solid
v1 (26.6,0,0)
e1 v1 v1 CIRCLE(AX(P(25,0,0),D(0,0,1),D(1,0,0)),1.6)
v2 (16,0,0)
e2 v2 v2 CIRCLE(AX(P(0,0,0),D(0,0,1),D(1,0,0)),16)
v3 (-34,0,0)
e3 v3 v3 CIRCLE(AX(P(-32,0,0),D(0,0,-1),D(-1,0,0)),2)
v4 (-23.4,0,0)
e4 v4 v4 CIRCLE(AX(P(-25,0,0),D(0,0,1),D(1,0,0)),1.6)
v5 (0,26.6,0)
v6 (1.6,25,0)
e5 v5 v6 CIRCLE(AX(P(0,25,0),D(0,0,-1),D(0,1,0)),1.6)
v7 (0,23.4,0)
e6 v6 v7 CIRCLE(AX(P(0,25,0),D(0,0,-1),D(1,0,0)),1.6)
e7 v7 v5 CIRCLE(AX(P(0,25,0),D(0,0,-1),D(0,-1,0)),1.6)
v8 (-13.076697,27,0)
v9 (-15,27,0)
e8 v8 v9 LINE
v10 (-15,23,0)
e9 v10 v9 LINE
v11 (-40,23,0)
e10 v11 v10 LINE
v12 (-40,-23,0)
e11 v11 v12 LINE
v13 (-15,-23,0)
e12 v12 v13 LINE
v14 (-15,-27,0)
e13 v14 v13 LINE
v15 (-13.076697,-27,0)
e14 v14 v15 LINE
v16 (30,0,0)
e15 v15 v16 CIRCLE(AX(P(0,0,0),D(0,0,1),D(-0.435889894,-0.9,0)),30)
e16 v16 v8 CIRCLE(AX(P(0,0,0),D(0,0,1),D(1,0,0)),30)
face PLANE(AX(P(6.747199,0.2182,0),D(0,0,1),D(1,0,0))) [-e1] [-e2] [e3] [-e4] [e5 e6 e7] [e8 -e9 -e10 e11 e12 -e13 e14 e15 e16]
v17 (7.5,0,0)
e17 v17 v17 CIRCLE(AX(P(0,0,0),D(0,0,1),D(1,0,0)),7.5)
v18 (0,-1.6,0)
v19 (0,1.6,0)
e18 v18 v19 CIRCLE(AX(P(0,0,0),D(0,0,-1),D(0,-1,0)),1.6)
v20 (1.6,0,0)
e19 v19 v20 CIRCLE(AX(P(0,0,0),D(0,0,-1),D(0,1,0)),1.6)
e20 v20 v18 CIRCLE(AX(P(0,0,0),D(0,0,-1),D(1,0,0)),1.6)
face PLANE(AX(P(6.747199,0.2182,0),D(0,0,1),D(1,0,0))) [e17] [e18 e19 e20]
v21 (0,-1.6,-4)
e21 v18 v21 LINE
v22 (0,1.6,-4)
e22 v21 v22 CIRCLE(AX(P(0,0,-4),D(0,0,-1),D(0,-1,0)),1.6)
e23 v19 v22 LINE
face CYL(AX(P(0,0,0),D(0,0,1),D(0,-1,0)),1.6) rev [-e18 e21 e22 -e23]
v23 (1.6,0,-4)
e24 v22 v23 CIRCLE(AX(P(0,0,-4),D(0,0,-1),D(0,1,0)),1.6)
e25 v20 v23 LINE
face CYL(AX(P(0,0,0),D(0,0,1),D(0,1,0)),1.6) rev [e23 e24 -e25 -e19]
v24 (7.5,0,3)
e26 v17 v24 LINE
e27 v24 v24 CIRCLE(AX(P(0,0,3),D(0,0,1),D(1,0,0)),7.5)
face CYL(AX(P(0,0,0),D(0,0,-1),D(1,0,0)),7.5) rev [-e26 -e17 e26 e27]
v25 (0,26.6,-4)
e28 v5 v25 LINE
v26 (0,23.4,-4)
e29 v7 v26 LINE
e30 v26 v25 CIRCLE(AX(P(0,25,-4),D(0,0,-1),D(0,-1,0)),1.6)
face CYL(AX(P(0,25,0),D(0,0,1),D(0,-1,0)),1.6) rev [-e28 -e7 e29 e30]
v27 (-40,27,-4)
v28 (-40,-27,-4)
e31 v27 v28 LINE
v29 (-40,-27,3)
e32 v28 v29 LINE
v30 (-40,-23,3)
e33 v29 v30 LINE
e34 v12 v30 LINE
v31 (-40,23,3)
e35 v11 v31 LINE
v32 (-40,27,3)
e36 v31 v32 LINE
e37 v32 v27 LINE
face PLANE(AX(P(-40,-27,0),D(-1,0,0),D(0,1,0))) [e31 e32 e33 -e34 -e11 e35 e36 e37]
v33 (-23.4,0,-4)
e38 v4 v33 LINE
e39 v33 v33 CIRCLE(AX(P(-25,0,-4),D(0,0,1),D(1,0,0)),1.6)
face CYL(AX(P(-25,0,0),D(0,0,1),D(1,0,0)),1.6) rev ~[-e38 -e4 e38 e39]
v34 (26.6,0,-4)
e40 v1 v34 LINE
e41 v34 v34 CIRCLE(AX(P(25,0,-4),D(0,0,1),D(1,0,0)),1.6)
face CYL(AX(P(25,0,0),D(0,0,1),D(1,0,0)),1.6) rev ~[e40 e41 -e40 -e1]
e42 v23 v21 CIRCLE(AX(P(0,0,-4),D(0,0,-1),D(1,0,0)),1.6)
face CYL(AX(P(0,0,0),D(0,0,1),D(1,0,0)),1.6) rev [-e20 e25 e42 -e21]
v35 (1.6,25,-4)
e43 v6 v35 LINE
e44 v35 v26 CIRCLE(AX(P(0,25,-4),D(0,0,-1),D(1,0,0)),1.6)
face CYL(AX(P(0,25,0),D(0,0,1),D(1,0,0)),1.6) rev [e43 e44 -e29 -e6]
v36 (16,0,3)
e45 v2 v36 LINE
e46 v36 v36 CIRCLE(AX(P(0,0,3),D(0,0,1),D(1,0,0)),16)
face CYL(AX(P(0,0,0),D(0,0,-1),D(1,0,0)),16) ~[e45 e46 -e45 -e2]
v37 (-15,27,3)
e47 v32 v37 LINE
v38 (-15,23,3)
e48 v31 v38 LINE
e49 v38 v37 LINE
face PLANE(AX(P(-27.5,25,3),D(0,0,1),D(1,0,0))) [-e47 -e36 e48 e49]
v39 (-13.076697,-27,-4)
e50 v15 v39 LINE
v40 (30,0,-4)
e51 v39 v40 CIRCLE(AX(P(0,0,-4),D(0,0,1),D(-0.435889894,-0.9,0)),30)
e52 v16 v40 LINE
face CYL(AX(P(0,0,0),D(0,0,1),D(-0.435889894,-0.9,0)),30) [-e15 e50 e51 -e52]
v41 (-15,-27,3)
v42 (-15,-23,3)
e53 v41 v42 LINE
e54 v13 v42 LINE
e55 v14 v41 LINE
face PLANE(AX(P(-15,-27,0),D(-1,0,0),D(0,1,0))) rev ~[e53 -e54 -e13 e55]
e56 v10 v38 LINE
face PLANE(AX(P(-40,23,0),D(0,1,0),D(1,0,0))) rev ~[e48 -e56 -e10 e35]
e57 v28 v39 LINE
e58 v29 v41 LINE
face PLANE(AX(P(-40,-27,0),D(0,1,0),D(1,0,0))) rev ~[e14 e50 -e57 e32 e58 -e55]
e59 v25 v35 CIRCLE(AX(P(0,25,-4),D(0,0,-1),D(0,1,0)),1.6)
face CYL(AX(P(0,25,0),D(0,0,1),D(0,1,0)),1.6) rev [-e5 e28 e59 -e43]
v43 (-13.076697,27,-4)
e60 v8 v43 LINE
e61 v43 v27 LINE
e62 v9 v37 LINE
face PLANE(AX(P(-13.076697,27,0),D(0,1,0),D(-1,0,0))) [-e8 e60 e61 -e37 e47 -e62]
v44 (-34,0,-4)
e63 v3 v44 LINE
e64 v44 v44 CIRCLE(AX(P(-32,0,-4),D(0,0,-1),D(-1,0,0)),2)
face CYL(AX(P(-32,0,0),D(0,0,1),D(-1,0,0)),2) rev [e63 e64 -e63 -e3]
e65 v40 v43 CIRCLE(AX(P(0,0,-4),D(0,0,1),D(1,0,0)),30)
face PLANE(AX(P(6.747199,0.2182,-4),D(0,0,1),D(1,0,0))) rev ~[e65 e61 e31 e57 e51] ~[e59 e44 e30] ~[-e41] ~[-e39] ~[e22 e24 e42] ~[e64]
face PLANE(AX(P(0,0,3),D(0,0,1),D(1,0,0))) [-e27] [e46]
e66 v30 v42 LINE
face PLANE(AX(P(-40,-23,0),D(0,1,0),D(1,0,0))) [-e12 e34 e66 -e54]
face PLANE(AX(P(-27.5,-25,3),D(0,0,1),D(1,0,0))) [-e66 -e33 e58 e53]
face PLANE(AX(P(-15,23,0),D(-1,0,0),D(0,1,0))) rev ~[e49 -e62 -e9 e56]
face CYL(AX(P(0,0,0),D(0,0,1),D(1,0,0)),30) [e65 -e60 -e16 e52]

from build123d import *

# Parameters (mm, degrees)
F0_R     = 1.6
F1_DEPTH = 4
F2_R     = 16
F2_R_2   = 7.5
F2_W     = 25
F2_H     = 4
F3_DEPTH = 3


with BuildPart() as f1:
    # F0 (on Top) → F1 (new body)
    with BuildSketch(Plane.XY):
        with BuildLine():
            ThreePointArc((0, 1.6), (1.1313708499, 1.1313708499), (1.6, 0))
            ThreePointArc((1.6, 0), (1.1313708499, -1.1313708499), (0, -1.6))
            Line((0, -1.6), (0, -27))
            Line((0, -27), (-13.0766968306, -27))
            ThreePointArc((-13.0766968306, -27), (15.9326566379, -25.4194896184), (30, 0))
            ThreePointArc((30, 0), (15.9326566379, 25.4194896184), (-13.0766968306, 27))
            Line((-13.0766968306, 27), (0, 27))
            Line((0, 27), (0, 26.6))
            ThreePointArc((0, 26.6), (1.1313708499, 26.1313708499), (1.6, 25))
            ThreePointArc((1.6, 25), (1.1313708499, 23.8686291501), (0, 23.4))
            Line((0, 23.4), (0, 1.6))
        make_face()
        with Locations((25, 0)):
            Circle(F0_R, mode=Mode.SUBTRACT)
        with BuildLine():
            ThreePointArc((0, -1.6), (-1.6, 0), (0, 1.6))
            Line((0, 1.6), (0, 23.4))
            ThreePointArc((0, 23.4), (-1.6, 25), (0, 26.6))
            Line((0, 26.6), (0, 27))
            Line((0, 27), (-13.0766968306, 27))
            ThreePointArc((-13.0766968306, 27), (-25.4194896184, 15.9326566379), (-30, 0))
            ThreePointArc((-30, 0), (-25.4194896184, -15.9326566379), (-13.0766968306, -27))
            Line((-13.0766968306, -27), (0, -27))
            Line((0, -27), (0, -1.6))
        make_face()
        with Locations((-25, 0)):
            Circle(F0_R, mode=Mode.SUBTRACT)
        with BuildLine():
            Line((-40, -27), (-13.0766968306, -27))
            ThreePointArc((-13.0766968306, -27), (-25.4194896184, -15.9326566379), (-30, 0))
            ThreePointArc((-30, 0), (-32, -2), (-34, 0))
            Line((-34, 0), (-40, 0))
            Line((-40, 0), (-40, -27))
        make_face()
        with BuildLine():
            ThreePointArc((-34, 0), (-32, 2), (-30, 0))
            ThreePointArc((-30, 0), (-25.4194896184, 15.9326566379), (-13.0766968306, 27))
            Line((-13.0766968306, 27), (-40, 27))
            Line((-40, 27), (-40, 0))
            Line((-40, 0), (-34, 0))
        make_face()
    extrude(amount=-F1_DEPTH)

    # F2 (on Top) → F3 (join)
    with BuildSketch(Plane.XY):
        Circle(F2_R)
        Circle(F2_R_2, mode=Mode.SUBTRACT)
        with Locations((-27.5, -25)):
            Rectangle(F2_W, F2_H)
        with Locations((-27.5, 25)):
            Rectangle(F2_W, F2_H)
    extrude(amount=F3_DEPTH)


solid = f1.part
